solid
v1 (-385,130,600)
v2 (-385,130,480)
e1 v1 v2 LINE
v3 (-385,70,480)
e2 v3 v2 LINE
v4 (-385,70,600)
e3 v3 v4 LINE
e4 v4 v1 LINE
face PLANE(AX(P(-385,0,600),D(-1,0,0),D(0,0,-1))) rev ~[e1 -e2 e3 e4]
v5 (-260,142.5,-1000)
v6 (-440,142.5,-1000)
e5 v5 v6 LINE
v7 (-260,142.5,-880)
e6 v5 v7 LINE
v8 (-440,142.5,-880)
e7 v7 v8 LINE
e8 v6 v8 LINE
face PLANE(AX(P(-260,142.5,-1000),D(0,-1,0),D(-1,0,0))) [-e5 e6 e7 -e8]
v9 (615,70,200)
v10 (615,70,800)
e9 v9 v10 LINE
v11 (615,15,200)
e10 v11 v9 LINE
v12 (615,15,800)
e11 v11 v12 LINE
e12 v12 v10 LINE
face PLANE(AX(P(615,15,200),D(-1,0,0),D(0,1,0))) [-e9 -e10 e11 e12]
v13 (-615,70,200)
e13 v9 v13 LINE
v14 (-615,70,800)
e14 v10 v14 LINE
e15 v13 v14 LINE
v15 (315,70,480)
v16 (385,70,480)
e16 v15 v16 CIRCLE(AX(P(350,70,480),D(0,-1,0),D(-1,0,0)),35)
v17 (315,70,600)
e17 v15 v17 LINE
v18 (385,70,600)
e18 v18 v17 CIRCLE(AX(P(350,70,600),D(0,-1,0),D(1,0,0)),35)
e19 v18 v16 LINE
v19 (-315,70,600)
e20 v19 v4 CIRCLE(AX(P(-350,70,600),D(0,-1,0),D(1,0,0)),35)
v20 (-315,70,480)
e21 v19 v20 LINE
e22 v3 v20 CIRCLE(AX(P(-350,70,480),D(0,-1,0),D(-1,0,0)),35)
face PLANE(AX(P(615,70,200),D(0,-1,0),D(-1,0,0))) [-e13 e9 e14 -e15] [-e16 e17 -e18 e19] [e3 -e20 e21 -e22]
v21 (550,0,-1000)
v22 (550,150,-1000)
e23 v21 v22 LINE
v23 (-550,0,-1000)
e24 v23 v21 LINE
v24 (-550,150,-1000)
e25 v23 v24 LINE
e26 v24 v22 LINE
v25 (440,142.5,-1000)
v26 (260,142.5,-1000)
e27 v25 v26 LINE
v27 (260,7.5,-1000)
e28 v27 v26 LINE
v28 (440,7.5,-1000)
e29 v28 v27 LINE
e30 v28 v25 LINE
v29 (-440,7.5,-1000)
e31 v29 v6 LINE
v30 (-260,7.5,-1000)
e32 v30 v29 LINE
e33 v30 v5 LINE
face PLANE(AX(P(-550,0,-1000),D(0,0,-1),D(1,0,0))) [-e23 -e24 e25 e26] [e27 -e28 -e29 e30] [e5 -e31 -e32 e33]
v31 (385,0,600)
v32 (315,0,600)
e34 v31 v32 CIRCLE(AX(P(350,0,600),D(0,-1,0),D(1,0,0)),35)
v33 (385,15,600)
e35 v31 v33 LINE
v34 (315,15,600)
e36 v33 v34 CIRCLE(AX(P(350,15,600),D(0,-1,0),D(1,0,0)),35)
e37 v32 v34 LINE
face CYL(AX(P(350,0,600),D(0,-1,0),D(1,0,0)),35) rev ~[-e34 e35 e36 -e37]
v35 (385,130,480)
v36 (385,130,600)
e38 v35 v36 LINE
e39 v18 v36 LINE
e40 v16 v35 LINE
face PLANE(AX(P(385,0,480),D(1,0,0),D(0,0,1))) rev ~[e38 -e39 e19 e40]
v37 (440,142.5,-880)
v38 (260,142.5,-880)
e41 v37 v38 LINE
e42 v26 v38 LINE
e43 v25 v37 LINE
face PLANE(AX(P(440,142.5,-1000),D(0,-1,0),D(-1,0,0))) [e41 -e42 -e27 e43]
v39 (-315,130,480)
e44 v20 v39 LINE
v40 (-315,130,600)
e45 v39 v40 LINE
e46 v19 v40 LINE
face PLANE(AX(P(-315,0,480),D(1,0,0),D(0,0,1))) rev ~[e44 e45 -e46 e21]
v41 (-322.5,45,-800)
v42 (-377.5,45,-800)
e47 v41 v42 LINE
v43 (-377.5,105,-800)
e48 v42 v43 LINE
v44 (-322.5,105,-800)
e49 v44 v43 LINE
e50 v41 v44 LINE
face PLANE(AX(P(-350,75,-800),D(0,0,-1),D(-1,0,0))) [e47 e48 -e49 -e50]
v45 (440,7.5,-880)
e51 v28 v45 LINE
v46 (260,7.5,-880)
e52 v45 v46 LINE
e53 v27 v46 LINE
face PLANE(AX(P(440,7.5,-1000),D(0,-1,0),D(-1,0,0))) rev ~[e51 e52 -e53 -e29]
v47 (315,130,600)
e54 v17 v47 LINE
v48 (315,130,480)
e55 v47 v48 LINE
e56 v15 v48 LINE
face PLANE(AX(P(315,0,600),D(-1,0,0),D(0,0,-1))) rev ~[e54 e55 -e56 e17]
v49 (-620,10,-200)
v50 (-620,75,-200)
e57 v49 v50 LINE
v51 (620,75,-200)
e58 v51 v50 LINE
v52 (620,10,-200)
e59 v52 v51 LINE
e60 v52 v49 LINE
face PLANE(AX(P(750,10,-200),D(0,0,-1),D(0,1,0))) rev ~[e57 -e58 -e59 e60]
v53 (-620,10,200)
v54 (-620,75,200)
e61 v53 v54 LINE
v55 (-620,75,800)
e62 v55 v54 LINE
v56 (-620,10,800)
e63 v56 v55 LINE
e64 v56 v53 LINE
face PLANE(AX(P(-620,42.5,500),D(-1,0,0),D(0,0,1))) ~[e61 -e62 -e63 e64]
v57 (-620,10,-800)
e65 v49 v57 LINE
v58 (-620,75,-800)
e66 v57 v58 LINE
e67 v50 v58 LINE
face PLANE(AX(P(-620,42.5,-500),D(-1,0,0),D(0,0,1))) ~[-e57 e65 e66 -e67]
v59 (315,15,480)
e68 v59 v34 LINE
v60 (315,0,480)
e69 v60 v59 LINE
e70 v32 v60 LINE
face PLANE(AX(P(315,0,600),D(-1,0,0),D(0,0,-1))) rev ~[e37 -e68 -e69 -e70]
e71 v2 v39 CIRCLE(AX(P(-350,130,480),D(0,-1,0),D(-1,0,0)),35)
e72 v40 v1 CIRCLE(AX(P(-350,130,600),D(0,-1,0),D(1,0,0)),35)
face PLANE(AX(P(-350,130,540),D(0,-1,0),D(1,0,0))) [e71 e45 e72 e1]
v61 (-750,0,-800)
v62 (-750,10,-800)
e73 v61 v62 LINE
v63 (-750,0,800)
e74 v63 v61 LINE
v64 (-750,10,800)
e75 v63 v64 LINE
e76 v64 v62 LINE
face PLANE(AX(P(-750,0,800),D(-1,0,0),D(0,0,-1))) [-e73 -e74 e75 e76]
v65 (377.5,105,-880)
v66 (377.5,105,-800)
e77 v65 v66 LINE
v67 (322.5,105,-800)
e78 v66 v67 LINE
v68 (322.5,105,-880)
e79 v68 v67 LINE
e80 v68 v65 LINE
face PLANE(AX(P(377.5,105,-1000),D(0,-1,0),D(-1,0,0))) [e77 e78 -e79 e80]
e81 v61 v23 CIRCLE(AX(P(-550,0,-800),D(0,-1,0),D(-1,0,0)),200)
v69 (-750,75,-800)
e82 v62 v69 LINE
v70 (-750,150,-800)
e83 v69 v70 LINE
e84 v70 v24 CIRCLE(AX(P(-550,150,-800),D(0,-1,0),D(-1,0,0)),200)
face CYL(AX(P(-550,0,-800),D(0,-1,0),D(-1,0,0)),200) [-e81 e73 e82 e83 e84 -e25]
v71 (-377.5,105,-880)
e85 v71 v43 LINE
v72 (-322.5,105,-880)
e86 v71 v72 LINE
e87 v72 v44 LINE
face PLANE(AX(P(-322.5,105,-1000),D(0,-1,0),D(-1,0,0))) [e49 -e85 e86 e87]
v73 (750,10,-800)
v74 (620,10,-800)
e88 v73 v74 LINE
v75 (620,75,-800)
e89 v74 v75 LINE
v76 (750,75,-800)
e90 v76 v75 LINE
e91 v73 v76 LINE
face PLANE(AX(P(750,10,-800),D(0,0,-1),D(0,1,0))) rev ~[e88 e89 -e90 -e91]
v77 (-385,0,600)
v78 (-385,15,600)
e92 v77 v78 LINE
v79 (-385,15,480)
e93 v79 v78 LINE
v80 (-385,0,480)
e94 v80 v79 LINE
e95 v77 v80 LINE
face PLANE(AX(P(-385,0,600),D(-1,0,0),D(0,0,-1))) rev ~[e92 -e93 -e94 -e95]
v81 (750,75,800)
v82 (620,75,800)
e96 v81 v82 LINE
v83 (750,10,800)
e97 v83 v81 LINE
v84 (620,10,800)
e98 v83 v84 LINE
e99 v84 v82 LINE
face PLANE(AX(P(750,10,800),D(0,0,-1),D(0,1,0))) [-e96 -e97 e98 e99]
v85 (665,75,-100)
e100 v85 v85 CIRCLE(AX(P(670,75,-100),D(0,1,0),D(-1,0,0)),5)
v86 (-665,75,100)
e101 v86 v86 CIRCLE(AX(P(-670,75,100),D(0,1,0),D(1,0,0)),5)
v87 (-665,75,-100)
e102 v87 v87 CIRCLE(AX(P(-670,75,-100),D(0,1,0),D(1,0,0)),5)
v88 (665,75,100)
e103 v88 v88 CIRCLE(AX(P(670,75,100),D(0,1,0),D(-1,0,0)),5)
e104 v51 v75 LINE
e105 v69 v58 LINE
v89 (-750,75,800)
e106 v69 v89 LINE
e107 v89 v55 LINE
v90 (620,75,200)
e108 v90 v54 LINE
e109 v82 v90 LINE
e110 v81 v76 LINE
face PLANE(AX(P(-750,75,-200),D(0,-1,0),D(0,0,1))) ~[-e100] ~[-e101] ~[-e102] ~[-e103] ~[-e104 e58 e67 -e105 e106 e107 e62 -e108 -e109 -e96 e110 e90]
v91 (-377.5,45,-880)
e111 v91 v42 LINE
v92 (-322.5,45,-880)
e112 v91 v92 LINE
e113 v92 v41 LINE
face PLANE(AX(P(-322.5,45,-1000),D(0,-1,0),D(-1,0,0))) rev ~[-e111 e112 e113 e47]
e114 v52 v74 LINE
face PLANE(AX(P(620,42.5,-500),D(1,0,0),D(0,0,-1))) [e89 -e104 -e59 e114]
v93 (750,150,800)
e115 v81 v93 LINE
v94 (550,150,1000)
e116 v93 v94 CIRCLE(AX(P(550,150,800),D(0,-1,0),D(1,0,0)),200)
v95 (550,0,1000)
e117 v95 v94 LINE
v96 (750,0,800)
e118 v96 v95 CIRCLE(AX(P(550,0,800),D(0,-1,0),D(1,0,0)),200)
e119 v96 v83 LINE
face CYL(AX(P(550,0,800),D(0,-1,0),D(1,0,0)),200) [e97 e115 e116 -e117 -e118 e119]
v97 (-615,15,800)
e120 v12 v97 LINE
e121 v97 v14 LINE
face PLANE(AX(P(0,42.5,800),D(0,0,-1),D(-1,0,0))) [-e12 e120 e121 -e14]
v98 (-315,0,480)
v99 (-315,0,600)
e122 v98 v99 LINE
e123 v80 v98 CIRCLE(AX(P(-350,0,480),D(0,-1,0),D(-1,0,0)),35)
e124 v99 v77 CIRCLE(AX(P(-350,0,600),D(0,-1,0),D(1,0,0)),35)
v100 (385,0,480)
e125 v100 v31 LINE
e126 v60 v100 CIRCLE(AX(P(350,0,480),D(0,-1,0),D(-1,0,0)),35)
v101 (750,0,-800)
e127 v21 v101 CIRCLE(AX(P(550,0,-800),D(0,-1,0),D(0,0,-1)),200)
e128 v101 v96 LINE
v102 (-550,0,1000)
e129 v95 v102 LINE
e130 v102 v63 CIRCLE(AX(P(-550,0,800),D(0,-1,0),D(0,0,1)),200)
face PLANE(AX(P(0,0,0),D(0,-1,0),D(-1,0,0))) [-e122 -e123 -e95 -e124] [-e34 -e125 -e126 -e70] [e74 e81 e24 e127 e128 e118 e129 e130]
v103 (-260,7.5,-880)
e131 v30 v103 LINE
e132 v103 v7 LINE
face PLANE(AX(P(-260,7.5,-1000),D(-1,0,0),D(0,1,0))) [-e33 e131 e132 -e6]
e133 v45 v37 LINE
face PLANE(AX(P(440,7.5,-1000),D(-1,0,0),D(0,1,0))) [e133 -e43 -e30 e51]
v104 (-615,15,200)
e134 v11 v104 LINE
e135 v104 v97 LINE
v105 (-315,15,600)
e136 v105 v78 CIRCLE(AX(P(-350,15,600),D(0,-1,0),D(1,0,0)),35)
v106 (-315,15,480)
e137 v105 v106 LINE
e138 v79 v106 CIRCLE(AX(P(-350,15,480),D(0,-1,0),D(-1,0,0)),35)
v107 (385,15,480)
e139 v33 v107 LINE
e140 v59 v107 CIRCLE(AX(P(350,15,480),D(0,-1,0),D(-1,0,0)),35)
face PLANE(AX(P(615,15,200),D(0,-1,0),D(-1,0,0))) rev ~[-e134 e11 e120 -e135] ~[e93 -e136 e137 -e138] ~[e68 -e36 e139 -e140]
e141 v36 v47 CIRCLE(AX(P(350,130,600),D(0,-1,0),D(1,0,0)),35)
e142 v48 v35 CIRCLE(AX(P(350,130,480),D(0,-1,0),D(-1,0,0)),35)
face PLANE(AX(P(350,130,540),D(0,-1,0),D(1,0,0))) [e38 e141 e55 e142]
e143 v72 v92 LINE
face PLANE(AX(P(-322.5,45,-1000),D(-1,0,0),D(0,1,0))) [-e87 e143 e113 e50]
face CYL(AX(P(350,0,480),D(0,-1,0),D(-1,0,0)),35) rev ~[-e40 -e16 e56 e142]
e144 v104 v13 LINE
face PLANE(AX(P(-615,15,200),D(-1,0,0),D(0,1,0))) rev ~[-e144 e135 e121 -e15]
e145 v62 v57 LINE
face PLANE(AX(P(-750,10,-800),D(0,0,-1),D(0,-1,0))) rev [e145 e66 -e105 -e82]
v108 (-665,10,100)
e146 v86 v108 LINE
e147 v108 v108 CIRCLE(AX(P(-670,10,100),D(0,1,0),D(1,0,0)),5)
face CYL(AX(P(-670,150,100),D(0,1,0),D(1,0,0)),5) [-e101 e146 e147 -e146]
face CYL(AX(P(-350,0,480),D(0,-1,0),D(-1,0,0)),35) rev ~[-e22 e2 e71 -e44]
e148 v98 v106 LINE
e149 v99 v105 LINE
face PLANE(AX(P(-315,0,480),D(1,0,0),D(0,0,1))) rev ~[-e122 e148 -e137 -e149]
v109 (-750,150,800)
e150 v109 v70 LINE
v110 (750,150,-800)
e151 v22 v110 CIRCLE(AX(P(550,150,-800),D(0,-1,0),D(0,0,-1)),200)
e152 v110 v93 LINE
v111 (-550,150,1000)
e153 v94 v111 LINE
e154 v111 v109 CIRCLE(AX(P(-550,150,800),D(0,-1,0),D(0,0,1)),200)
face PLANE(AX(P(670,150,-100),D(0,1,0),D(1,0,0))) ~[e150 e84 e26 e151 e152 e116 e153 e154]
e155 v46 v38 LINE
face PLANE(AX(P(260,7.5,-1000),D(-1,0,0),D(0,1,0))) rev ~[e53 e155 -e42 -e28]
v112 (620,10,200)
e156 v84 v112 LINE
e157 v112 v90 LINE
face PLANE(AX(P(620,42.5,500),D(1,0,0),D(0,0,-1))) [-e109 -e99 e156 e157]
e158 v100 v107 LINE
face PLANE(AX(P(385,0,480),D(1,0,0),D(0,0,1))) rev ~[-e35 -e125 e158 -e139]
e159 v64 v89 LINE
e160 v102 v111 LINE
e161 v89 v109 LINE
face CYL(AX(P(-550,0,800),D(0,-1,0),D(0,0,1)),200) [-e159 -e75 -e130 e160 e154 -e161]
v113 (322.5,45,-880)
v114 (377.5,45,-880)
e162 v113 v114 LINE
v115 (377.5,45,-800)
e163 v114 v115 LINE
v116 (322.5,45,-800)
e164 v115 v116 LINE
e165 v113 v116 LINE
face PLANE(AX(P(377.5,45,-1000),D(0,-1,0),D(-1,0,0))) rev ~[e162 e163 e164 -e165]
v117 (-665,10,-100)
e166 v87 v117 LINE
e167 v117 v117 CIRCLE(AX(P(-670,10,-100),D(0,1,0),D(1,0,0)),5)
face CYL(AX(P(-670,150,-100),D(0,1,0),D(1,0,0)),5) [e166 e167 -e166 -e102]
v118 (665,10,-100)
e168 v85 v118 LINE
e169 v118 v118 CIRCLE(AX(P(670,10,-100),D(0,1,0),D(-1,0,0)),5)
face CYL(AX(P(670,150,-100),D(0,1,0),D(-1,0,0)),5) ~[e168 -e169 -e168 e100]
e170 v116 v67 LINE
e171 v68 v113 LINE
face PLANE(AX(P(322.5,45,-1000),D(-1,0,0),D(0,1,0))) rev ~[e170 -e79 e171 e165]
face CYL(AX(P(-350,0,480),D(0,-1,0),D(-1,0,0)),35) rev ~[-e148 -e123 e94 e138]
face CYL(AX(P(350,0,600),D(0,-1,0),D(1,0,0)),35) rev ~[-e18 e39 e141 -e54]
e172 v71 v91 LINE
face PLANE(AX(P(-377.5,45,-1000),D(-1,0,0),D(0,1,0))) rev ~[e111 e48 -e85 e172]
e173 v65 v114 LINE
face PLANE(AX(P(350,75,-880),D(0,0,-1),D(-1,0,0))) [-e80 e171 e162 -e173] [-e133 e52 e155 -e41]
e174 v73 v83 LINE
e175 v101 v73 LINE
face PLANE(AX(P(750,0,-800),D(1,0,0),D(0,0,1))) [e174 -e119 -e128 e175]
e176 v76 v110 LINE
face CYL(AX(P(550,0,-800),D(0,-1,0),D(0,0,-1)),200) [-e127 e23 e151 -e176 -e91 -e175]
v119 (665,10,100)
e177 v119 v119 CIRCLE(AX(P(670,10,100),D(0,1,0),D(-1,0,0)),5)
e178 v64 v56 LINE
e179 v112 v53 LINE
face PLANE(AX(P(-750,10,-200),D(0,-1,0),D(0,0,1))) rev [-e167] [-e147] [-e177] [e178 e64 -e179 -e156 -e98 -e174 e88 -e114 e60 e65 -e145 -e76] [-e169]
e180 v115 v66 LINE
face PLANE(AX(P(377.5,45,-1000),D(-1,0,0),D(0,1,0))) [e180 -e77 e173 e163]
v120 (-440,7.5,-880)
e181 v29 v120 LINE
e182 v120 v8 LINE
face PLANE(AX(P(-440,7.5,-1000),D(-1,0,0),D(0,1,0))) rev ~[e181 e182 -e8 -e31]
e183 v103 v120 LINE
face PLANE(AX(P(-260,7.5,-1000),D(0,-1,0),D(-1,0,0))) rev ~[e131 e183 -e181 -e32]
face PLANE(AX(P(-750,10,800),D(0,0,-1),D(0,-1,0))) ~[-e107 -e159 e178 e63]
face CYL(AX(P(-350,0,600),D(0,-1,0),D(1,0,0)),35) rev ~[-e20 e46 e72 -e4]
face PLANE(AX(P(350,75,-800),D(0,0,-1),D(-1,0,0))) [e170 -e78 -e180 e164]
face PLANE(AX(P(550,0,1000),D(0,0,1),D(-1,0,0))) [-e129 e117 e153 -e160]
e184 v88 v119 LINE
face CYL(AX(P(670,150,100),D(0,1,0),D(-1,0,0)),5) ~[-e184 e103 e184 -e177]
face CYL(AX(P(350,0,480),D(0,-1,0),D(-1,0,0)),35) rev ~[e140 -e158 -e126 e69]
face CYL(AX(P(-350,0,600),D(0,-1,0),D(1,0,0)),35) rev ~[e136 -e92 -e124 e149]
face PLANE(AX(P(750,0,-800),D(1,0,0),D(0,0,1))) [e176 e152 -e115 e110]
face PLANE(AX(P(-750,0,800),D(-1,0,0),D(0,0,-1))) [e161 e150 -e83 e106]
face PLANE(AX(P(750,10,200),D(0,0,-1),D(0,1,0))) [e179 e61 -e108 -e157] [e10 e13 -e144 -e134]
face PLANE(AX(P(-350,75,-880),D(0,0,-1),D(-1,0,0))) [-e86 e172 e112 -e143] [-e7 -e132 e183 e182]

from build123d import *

# Parameters (mm, degrees)
BOSS_EXTRUDE1_DEPTH     = 150
SKETCH2_W               = 400
SKETCH2_H               = 65
CUT_EXTRUDE1_DEPTH      = 1
CUT_EXTRUDE1_DEPTH_BACK = 1501
SKETCH3_W               = 600
SKETCH3_H               = 65
CUT_EXTRUDE2_DEPTH      = 130
SKETCH4_R               = 5
BOSS_EXTRUDE2_DEPTH     = 150
SKETCH6_W               = 55
SKETCH6_H               = 60
CUT_EXTRUDE4_DEPTH      = 200
CUT_EXTRUDE5_DEPTH      = 130
SKETCH8_W               = 1230
SKETCH8_H               = 55
CUT_EXTRUDE6_DEPTH      = 600
SKETCH9_W               = 180
SKETCH9_H               = 135
CUT_EXTRUDE7_DEPTH      = 120


with BuildPart() as part:
    # Sketch1 → Boss-Extrude1 (new body)
    with BuildSketch(Plane(origin=(0, 0, 0), x_dir=(1, 0, 0), z_dir=(0, 1, 0))):
        with BuildLine():
            Line((-550, 1000), (-225, 1000))
            Line((-225, 1000), (225, 1000))
            Line((225, 1000), (550, 1000))
            ThreePointArc((550, 1000), (691.421356237, 941.421356237), (750, 800))
            Line((750, 800), (750, -800))
            ThreePointArc((750, -800), (691.421356237, -941.421356237), (550, -1000))
            Line((550, -1000), (-550, -1000))
            ThreePointArc((-550, -1000), (-691.421356237, -941.421356237), (-750, -800))
            Line((-750, -800), (-750, 800))
            ThreePointArc((-750, 800), (-691.421356237, 941.421356237), (-550, 1000))
        make_face()
    extrude(amount=BOSS_EXTRUDE1_DEPTH)

    # Sketch2 → Cut-Extrude1 (cut, two sides)
    with BuildSketch(Plane(origin=(750, 0, 0), x_dir=(0, 0, -1), z_dir=(1, 0, 0))) as cut_extrude1_sk:
        with Locations((0, 42.5)):
            Rectangle(SKETCH2_W, SKETCH2_H)
    extrude(amount=CUT_EXTRUDE1_DEPTH, mode=Mode.SUBTRACT)
    extrude(cut_extrude1_sk.sketch, amount=-CUT_EXTRUDE1_DEPTH_BACK, mode=Mode.SUBTRACT)

    # Sketch3 → Cut-Extrude2 (cut)
    with BuildSketch(Plane(origin=(750, 0, 0), x_dir=(0, 0, -1), z_dir=(1, 0, 0))):
        with Locations((500, 42.5)):
            Rectangle(SKETCH3_W, SKETCH3_H)
        with Locations((-500, 42.5)):
            Rectangle(SKETCH3_W, SKETCH3_H)
    cut_extrude2 = extrude(amount=-CUT_EXTRUDE2_DEPTH, mode=Mode.SUBTRACT)

    # Mirror1: Cut-Extrude2 across plane
    add(cut_extrude2.mirror(Plane(origin=(0, 0, 0), x_dir=(0, 0, 1), z_dir=(1, 0, 0))), mode=Mode.SUBTRACT)

    # Sketch4 → Boss-Extrude2 (add)
    with BuildSketch(Plane(origin=(0, 150, 0), x_dir=(1, 0, 0), z_dir=(0, 1, 0))):
        with Locations((-670, 100)):
            Circle(SKETCH4_R)
        with Locations((-670, -100)):
            Circle(SKETCH4_R)
    boss_extrude2 = extrude(amount=-BOSS_EXTRUDE2_DEPTH)

    # Mirror2: Boss-Extrude2 across plane
    add(boss_extrude2.mirror(Plane(origin=(0, 0, 0), x_dir=(0, 0, 1), z_dir=(1, 0, 0))))

    # Sketch6 → Cut-Extrude4 (cut)
    with BuildSketch(Plane(origin=(0, 0, -1000), x_dir=(-1, 0, 0), z_dir=(0, 0, -1))):
        with Locations((-350, 75)):
            Rectangle(SKETCH6_W, SKETCH6_H)
        with Locations((350, 75)):
            Rectangle(SKETCH6_W, SKETCH6_H)
    extrude(amount=-CUT_EXTRUDE4_DEPTH, mode=Mode.SUBTRACT)

    # Sketch7 → Cut-Extrude5 (cut)
    with BuildSketch(Plane.XZ):
        with BuildLine():
            Line((385, 480), (385, 600))
            ThreePointArc((385, 600), (350, 635), (315, 600))
            Line((315, 600), (315, 480))
            ThreePointArc((315, 480), (350, 445), (385, 480))
        make_face()
        with BuildLine():
            Line((-315, 480), (-315, 600))
            ThreePointArc((-315, 600), (-350, 635), (-385, 600))
            Line((-385, 600), (-385, 480))
            ThreePointArc((-385, 480), (-350, 445), (-315, 480))
        make_face()
    extrude(amount=-CUT_EXTRUDE5_DEPTH, mode=Mode.SUBTRACT)

    # Sketch8 → Cut-Extrude6 (cut)
    with BuildSketch(Plane(origin=(0, 0, 200), x_dir=(-1, 0, 0), z_dir=(0, 0, -1))):
        with Locations((0, 42.5)):
            Rectangle(SKETCH8_W, SKETCH8_H)
    extrude(amount=-CUT_EXTRUDE6_DEPTH, mode=Mode.SUBTRACT)

    # Sketch9 → Cut-Extrude7 (cut)
    with BuildSketch(Plane(origin=(0, 0, -1000), x_dir=(-1, 0, 0), z_dir=(0, 0, -1))):
        with Locations((-350, 75)):
            Rectangle(SKETCH9_W, SKETCH9_H)
        with Locations((350, 75)):
            Rectangle(SKETCH9_W, SKETCH9_H)
    extrude(amount=-CUT_EXTRUDE7_DEPTH, mode=Mode.SUBTRACT)


solid = part.part
